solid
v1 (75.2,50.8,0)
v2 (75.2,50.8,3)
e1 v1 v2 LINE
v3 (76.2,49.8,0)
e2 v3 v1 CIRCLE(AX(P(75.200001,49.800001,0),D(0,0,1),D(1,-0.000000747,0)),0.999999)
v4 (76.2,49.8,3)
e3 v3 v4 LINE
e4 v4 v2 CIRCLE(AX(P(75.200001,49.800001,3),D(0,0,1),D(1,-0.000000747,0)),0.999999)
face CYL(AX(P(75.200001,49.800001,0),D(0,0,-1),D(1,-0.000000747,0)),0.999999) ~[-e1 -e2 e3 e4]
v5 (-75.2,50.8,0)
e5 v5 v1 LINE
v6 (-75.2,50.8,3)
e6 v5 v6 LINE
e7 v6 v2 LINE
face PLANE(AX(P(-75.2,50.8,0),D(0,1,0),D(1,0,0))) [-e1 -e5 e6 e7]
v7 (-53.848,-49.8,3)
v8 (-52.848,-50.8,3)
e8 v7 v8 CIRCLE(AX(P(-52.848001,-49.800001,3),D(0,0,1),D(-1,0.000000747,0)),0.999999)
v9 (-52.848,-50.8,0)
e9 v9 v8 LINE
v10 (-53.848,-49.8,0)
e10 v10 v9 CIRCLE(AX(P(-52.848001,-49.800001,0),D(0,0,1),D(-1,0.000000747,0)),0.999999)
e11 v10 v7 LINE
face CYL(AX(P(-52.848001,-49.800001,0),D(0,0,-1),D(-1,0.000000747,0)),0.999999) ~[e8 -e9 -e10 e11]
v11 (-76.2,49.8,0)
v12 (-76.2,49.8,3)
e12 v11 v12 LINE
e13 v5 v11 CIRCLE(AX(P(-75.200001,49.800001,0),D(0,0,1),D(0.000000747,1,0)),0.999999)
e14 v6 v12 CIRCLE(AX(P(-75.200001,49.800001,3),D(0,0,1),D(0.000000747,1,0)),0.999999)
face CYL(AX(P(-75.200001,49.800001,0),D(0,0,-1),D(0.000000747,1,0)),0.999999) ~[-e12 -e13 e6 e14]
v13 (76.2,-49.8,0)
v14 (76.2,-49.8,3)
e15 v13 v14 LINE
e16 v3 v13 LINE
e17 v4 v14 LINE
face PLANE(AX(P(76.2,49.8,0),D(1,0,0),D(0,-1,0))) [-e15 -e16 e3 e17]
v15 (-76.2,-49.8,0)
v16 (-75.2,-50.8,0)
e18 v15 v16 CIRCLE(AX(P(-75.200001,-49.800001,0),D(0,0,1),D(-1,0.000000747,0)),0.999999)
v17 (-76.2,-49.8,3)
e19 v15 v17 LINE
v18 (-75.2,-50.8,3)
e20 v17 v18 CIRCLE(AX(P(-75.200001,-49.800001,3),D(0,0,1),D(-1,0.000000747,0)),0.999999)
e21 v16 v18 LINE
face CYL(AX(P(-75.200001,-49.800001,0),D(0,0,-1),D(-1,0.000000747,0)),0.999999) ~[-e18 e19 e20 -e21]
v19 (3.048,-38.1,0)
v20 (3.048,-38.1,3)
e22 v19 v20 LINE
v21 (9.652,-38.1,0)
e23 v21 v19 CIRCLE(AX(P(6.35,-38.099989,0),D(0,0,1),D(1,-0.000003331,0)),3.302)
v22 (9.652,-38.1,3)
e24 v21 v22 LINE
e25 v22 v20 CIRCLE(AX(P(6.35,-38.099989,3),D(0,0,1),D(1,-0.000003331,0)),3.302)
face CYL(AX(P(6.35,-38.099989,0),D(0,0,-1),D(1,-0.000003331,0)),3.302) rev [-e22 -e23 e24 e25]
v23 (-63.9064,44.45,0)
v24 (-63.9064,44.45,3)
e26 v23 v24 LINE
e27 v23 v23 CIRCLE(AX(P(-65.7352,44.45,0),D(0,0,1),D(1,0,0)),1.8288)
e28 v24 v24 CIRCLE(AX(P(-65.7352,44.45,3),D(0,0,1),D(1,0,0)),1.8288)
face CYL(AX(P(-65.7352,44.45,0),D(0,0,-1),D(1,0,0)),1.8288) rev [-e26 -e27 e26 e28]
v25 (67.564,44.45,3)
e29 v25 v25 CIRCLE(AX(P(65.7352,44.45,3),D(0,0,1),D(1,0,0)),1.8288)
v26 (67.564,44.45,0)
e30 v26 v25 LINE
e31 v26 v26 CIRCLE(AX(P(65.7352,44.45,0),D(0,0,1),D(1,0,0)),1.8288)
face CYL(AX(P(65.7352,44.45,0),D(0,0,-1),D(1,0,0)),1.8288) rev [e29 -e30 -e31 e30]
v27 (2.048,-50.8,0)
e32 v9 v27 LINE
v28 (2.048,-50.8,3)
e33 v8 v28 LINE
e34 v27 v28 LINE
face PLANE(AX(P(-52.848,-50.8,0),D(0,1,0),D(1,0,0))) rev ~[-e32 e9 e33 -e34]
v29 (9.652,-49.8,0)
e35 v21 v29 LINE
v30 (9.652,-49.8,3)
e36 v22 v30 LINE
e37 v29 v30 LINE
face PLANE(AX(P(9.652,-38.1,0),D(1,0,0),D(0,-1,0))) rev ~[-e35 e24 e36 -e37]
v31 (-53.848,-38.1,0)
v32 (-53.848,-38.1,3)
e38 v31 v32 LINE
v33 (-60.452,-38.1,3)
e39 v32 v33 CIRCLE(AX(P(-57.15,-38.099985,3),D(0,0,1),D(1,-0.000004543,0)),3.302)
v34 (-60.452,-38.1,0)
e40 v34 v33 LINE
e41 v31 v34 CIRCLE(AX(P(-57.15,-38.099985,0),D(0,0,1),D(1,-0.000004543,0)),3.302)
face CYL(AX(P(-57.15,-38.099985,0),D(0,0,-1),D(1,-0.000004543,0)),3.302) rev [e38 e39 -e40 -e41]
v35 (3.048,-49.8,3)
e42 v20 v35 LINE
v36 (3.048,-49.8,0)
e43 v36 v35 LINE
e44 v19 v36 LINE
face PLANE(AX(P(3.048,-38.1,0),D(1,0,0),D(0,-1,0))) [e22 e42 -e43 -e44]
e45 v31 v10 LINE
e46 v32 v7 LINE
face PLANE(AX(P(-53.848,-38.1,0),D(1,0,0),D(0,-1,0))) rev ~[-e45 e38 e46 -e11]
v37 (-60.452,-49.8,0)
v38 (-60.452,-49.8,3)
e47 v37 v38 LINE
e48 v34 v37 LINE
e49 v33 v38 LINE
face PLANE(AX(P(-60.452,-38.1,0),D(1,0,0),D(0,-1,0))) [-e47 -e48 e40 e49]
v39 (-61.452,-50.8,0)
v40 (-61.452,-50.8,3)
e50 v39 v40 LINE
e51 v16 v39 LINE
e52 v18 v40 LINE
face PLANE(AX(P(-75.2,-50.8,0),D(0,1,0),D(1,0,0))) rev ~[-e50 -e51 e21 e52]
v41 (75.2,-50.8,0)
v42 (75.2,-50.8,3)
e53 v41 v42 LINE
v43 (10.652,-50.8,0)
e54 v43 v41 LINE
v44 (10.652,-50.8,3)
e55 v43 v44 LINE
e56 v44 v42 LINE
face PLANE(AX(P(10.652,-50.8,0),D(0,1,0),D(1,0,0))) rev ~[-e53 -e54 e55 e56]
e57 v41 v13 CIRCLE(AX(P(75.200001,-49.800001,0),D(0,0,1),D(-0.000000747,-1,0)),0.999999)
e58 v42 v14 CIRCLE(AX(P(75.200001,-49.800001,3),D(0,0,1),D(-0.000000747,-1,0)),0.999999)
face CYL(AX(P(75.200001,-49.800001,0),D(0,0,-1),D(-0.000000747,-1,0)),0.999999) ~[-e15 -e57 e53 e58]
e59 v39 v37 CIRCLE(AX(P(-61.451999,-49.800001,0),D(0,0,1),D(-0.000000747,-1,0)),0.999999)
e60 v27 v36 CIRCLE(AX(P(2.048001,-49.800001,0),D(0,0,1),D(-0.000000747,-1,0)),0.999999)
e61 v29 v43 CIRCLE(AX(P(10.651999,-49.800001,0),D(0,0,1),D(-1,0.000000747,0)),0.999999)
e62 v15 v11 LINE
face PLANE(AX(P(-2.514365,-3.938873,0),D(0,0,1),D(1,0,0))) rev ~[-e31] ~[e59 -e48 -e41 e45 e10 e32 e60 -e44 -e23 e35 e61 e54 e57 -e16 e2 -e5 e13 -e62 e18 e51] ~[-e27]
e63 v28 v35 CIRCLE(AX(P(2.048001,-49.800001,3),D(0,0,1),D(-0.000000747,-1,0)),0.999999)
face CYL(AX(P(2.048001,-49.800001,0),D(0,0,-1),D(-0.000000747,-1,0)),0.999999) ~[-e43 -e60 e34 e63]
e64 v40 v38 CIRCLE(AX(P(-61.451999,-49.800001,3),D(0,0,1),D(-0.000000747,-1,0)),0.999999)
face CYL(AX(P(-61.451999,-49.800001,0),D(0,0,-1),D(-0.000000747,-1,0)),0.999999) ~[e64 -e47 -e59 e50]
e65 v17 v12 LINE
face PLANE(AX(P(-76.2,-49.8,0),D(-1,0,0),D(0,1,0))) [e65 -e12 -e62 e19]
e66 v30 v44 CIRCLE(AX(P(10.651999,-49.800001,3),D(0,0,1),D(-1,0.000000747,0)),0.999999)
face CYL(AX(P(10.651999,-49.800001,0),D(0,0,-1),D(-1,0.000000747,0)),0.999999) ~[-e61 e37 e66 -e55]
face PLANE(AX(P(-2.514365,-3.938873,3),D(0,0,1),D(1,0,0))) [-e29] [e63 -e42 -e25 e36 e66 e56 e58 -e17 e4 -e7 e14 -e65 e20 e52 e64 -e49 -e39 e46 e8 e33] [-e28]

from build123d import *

# Parameters (mm, degrees)
SKETCH_R  = 1.8288
PAD_DEPTH = 3


with BuildPart() as part:
    # Sketch → Pad (new body)
    with BuildSketch(Plane.XY):
        with BuildLine():
            ThreePointArc((-75.2, 50.8), (-75.907107, 50.507107), (-76.2, 49.8))
            Line((-76.2, -49.8), (-76.2, 49.8))
            ThreePointArc((-76.2, -49.8), (-75.907107, -50.507107), (-75.2, -50.8))
            Line((-75.2, -50.8), (-61.452, -50.8))
            ThreePointArc((-61.452, -50.8), (-60.744893, -50.507107), (-60.452, -49.8))
            Line((-60.452, -38.1), (-60.452, -49.8))
            ThreePointArc((-53.848, -38.1), (-57.15, -34.797985), (-60.452, -38.1))
            Line((-53.848, -38.1), (-53.848, -49.8))
            ThreePointArc((-53.848, -49.8), (-53.555107, -50.507107), (-52.848, -50.8))
            Line((-52.848, -50.8), (2.048, -50.8))
            ThreePointArc((2.048, -50.8), (2.755107, -50.507107), (3.048, -49.8))
            Line((3.048, -38.1), (3.048, -49.8))
            ThreePointArc((9.652, -38.1), (6.35, -34.797989), (3.048, -38.1))
            Line((9.652, -38.1), (9.652, -49.8))
            ThreePointArc((9.652, -49.8), (9.944893, -50.507107), (10.652, -50.8))
            Line((10.652, -50.8), (75.2, -50.8))
            ThreePointArc((75.2, -50.8), (75.907107, -50.507107), (76.2, -49.8))
            Line((76.2, 49.8), (76.2, -49.8))
            ThreePointArc((76.2, 49.8), (75.907107, 50.507107), (75.2, 50.8))
            Line((-75.2, 50.8), (75.2, 50.8))
        make_face()
        with Locations((-65.7352, 44.45)):
            Circle(SKETCH_R, mode=Mode.SUBTRACT)
        with Locations((65.7352, 44.45)):
            Circle(SKETCH_R, mode=Mode.SUBTRACT)
    extrude(amount=PAD_DEPTH)


solid = part.part
